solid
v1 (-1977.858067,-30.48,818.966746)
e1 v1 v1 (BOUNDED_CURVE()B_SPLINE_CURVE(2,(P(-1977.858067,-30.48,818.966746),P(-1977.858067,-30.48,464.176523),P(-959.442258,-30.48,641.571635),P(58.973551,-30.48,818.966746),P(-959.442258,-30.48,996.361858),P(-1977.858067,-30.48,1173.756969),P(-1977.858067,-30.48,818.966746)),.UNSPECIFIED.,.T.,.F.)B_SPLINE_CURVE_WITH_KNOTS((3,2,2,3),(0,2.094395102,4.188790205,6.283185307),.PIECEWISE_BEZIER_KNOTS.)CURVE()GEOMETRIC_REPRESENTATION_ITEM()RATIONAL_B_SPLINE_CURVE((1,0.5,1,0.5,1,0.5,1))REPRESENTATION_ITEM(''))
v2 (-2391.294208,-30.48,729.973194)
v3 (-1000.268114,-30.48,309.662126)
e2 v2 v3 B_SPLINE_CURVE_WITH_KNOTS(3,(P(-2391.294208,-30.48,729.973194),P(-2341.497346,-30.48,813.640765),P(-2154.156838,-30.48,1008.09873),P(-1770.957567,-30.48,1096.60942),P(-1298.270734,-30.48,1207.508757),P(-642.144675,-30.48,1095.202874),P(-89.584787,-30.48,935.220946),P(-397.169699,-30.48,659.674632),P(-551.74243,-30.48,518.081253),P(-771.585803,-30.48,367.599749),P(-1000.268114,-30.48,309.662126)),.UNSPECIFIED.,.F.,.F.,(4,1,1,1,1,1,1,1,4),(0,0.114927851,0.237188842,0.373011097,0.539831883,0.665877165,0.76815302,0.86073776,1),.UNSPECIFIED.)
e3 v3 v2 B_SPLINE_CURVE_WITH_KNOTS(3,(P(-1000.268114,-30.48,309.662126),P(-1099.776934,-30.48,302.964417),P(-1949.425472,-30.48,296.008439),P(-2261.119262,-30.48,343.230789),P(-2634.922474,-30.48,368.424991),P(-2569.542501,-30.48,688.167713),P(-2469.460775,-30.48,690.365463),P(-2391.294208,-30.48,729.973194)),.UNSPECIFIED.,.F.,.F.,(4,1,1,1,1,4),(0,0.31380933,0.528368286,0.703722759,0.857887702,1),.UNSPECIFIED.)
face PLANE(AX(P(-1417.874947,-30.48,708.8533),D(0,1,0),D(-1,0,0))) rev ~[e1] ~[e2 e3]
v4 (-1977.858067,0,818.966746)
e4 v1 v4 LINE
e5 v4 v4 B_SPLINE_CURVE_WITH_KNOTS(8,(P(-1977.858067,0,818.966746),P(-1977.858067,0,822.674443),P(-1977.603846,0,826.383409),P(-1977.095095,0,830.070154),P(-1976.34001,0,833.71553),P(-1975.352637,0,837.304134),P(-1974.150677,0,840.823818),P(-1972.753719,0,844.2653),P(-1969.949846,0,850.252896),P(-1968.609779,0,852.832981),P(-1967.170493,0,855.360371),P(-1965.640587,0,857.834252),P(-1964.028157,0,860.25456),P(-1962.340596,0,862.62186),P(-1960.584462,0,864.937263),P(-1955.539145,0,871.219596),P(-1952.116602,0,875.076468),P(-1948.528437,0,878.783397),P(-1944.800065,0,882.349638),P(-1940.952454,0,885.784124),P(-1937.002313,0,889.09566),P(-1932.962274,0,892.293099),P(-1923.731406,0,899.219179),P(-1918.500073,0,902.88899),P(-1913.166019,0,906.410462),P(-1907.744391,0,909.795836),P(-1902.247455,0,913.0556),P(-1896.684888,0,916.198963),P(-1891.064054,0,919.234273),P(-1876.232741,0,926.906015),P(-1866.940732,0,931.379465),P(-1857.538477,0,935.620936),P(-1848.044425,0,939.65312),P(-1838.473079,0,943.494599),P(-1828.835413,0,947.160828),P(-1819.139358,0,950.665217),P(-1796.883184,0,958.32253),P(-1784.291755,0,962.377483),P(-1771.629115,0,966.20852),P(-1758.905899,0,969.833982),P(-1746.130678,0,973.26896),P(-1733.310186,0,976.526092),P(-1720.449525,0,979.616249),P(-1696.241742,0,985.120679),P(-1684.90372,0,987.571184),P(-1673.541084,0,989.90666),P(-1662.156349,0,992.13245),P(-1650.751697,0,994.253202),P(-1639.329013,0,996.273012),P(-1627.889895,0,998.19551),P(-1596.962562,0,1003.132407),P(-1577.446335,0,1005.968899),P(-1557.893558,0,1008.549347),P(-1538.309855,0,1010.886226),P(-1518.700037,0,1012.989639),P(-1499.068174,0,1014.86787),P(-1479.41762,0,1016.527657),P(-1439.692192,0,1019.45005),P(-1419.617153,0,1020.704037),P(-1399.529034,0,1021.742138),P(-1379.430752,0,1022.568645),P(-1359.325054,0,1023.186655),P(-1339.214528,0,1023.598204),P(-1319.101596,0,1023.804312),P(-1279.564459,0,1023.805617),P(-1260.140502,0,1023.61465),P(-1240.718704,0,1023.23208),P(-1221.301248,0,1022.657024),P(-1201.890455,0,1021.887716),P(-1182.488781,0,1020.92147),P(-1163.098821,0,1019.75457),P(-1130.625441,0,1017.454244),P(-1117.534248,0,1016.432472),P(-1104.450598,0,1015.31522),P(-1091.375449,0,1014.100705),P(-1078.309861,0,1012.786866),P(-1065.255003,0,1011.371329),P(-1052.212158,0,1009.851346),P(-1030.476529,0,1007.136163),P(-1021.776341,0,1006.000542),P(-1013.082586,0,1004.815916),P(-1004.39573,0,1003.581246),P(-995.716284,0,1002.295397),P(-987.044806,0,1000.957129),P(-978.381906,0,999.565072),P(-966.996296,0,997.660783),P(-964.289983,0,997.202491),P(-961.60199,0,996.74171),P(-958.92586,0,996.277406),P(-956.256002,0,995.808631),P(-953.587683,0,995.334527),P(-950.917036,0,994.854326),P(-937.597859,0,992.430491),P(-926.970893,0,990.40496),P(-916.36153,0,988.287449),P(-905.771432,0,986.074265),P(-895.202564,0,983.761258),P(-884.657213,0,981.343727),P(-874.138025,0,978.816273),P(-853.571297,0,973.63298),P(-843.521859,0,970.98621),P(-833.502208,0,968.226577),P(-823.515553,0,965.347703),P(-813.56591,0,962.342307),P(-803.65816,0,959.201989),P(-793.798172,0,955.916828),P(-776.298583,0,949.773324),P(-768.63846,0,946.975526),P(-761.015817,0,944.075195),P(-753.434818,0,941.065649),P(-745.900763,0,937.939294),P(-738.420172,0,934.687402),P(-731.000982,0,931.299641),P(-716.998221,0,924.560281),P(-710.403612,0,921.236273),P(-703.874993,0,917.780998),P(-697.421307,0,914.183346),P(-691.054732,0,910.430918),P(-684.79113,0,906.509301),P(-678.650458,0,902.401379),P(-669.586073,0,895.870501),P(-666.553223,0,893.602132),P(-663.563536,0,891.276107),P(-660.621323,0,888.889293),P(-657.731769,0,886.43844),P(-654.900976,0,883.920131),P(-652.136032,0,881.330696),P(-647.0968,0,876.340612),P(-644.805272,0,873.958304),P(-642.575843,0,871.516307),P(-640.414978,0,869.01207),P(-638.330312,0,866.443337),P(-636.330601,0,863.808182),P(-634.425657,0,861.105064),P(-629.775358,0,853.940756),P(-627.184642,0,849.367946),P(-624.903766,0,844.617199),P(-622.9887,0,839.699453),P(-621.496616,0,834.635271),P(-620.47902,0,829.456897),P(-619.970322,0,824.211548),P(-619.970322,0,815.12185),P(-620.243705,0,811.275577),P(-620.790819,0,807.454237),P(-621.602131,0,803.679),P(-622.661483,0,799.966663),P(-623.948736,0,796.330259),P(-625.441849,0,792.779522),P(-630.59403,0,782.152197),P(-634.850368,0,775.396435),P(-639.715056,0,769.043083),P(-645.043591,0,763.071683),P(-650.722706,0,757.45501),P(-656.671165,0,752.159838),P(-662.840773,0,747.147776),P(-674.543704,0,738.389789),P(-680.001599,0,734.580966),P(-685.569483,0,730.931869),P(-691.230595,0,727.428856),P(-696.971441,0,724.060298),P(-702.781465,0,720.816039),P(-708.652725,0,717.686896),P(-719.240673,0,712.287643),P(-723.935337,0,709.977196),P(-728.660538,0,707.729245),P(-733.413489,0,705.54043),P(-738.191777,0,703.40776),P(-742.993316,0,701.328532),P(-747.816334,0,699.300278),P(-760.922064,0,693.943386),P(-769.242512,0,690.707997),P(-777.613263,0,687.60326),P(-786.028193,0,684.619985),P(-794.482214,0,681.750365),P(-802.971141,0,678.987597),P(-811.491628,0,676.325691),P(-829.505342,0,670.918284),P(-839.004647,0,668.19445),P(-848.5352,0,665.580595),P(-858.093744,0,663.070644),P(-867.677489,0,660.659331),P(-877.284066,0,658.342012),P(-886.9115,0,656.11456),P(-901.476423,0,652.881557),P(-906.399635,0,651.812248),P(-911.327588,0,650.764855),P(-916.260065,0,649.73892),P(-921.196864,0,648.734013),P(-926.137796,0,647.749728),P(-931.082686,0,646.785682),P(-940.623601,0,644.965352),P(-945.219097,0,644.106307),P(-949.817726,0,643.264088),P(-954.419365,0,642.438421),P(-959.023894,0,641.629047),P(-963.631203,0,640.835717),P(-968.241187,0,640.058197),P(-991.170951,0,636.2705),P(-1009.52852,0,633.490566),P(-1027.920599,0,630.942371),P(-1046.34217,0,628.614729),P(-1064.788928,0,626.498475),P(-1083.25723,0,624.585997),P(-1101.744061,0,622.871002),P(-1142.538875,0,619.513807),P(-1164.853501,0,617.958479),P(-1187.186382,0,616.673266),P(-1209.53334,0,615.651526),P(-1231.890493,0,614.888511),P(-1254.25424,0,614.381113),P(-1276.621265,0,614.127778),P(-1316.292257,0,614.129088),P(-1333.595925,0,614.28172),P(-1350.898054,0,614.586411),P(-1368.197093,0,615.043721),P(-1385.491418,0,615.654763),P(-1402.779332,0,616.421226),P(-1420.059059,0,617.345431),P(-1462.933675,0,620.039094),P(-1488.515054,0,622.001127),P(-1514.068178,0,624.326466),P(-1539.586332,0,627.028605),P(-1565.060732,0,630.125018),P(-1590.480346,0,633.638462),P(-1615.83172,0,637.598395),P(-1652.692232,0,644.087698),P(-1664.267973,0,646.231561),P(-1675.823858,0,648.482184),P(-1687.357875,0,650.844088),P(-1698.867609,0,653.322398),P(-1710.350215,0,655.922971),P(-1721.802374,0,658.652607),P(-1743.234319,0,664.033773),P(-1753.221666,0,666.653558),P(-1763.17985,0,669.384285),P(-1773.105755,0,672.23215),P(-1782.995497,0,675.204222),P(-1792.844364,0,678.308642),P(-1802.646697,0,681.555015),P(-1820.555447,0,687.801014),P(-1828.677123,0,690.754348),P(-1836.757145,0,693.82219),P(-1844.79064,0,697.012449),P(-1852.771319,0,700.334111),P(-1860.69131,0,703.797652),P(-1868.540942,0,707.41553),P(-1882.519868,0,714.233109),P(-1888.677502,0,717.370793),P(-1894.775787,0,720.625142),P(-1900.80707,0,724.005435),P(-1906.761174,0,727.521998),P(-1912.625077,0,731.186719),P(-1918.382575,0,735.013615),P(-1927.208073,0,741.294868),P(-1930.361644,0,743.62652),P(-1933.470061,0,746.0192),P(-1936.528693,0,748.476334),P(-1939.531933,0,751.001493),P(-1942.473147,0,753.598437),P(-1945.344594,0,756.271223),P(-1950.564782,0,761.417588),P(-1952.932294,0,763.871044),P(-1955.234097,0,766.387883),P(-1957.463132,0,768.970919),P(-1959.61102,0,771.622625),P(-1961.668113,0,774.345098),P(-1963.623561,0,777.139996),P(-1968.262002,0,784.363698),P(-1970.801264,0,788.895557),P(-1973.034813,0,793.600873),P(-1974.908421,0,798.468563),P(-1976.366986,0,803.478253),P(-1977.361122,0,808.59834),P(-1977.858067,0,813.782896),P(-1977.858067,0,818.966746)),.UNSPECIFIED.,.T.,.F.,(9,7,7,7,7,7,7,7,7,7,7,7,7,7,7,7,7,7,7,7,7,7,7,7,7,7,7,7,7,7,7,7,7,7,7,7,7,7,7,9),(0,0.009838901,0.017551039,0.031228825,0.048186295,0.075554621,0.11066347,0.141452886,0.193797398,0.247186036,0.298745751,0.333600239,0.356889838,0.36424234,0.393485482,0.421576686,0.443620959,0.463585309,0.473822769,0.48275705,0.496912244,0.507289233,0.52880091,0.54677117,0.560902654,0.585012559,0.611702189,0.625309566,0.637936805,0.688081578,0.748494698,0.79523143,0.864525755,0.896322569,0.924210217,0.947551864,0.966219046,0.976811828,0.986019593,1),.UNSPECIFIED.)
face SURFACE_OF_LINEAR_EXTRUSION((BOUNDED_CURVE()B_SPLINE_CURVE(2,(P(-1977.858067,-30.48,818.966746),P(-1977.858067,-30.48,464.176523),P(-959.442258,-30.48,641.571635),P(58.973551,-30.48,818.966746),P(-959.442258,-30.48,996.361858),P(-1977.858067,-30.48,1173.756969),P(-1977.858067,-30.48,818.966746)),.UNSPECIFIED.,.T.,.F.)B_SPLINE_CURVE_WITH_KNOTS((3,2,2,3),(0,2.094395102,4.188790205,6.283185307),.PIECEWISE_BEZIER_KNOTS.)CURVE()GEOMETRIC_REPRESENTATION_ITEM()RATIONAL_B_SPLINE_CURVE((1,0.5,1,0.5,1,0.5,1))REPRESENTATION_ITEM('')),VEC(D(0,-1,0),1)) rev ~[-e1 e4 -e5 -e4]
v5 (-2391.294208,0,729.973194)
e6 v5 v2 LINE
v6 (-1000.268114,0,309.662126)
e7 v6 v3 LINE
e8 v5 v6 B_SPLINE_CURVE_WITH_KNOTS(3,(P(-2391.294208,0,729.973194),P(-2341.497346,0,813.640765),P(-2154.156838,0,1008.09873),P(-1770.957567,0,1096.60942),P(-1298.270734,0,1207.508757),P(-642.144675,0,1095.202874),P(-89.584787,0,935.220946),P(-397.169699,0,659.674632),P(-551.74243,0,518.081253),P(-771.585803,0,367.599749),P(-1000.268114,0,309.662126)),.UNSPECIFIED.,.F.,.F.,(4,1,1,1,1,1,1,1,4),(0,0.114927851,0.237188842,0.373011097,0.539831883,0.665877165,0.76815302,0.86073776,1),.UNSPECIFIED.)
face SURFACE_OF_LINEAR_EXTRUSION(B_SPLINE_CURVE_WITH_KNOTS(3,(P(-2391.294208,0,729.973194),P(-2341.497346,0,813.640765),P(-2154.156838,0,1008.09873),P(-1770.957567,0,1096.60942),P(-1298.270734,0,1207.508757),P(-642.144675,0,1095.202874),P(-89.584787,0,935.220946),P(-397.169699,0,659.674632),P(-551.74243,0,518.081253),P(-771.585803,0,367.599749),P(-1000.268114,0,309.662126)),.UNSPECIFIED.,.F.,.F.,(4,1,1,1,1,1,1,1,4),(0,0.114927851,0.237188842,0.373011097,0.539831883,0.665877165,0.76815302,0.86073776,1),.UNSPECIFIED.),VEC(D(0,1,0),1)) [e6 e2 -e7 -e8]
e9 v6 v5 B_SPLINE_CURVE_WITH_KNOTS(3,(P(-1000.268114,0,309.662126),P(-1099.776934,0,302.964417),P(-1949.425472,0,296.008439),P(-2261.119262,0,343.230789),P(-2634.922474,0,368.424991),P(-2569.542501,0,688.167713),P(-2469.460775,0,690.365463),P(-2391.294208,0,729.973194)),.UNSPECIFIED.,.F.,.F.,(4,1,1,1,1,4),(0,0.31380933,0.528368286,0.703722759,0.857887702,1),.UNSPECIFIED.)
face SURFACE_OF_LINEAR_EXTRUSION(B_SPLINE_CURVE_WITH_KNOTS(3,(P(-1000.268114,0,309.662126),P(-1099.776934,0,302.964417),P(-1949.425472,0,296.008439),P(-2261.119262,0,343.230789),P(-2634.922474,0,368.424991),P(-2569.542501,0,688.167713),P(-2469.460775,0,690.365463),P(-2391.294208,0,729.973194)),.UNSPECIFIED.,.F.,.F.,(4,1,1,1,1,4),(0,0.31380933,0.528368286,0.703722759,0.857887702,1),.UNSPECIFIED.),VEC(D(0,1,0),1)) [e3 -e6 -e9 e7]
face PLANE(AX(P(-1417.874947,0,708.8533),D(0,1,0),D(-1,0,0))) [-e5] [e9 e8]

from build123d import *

# Parameters (mm, degrees)
F1_DEPTH = 30.48
F3_DEPTH = 30.4810001


with BuildPart() as f1:
    # F0 (on Front) → F1 (new body)
    with BuildSketch(Plane.XZ):
        with BuildLine():
            add(Edge.make_bspline(
                [(-2391.2942084649, 729.973194215), (-2341.4973457452, 813.6407654218), (-2154.1568383939, 1008.0987301075), (-1770.9575668559, 1096.6094199675), (-1298.2707338833, 1207.5087574452), (-642.1446750089, 1095.2028736039), (-89.5847871613, 935.220946296), (-397.1696994086, 659.6746321298), (-551.7424300477, 518.0812525938), (-771.5858029913, 367.59974922), (-1000.2681137762, 309.6621262789)],
                knots=[0, 0, 0, 0, 0.1149278514, 0.2371888421, 0.3730110968, 0.5398318825, 0.6658771649, 0.7681530199, 0.8607377605, 1, 1, 1, 1], degree=3))
            add(Edge.make_bspline(
                [(-1000.2681137762, 309.6621262789), (-1099.7769340013, 302.9644172253), (-1949.425471613, 296.0084386307), (-2261.1192620777, 343.2307887257), (-2634.9224740489, 368.4249908436), (-2569.542500697, 688.167712549), (-2469.4607751534, 690.3654634491), (-2391.2942084649, 729.973194215)],
                knots=[0, 0, 0, 0, 0.3138093304, 0.5283682856, 0.7037227593, 0.8578877015, 1, 1, 1, 1], degree=3))
        make_face()
    extrude(amount=F1_DEPTH)

    # F2 (on face) → F3 (cut, through all)
    with BuildSketch(Plane.XZ.offset(30.48)):
        with BuildLine():
            add(Edge.make_bspline(
                [(-1977.8580665588, 818.9667463303), (-1977.8580665588, 464.1765232851), (-959.4422578812, 641.5716348077), (58.9735507965, 818.9667463303), (-959.4422578812, 996.3618578528), (-1977.8580665588, 1173.7569693754), (-1977.8580665588, 818.9667463303)],
                knots=[0, 0, 0, 2.0943951024, 2.0943951024, 4.1887902048, 4.1887902048, 6.2831853072, 6.2831853072, 6.2831853072], degree=2, weights=[1, 0.5, 1, 0.5, 1, 0.5, 1]))
        make_face()
    extrude(amount=-F3_DEPTH, mode=Mode.SUBTRACT)


solid = f1.part
